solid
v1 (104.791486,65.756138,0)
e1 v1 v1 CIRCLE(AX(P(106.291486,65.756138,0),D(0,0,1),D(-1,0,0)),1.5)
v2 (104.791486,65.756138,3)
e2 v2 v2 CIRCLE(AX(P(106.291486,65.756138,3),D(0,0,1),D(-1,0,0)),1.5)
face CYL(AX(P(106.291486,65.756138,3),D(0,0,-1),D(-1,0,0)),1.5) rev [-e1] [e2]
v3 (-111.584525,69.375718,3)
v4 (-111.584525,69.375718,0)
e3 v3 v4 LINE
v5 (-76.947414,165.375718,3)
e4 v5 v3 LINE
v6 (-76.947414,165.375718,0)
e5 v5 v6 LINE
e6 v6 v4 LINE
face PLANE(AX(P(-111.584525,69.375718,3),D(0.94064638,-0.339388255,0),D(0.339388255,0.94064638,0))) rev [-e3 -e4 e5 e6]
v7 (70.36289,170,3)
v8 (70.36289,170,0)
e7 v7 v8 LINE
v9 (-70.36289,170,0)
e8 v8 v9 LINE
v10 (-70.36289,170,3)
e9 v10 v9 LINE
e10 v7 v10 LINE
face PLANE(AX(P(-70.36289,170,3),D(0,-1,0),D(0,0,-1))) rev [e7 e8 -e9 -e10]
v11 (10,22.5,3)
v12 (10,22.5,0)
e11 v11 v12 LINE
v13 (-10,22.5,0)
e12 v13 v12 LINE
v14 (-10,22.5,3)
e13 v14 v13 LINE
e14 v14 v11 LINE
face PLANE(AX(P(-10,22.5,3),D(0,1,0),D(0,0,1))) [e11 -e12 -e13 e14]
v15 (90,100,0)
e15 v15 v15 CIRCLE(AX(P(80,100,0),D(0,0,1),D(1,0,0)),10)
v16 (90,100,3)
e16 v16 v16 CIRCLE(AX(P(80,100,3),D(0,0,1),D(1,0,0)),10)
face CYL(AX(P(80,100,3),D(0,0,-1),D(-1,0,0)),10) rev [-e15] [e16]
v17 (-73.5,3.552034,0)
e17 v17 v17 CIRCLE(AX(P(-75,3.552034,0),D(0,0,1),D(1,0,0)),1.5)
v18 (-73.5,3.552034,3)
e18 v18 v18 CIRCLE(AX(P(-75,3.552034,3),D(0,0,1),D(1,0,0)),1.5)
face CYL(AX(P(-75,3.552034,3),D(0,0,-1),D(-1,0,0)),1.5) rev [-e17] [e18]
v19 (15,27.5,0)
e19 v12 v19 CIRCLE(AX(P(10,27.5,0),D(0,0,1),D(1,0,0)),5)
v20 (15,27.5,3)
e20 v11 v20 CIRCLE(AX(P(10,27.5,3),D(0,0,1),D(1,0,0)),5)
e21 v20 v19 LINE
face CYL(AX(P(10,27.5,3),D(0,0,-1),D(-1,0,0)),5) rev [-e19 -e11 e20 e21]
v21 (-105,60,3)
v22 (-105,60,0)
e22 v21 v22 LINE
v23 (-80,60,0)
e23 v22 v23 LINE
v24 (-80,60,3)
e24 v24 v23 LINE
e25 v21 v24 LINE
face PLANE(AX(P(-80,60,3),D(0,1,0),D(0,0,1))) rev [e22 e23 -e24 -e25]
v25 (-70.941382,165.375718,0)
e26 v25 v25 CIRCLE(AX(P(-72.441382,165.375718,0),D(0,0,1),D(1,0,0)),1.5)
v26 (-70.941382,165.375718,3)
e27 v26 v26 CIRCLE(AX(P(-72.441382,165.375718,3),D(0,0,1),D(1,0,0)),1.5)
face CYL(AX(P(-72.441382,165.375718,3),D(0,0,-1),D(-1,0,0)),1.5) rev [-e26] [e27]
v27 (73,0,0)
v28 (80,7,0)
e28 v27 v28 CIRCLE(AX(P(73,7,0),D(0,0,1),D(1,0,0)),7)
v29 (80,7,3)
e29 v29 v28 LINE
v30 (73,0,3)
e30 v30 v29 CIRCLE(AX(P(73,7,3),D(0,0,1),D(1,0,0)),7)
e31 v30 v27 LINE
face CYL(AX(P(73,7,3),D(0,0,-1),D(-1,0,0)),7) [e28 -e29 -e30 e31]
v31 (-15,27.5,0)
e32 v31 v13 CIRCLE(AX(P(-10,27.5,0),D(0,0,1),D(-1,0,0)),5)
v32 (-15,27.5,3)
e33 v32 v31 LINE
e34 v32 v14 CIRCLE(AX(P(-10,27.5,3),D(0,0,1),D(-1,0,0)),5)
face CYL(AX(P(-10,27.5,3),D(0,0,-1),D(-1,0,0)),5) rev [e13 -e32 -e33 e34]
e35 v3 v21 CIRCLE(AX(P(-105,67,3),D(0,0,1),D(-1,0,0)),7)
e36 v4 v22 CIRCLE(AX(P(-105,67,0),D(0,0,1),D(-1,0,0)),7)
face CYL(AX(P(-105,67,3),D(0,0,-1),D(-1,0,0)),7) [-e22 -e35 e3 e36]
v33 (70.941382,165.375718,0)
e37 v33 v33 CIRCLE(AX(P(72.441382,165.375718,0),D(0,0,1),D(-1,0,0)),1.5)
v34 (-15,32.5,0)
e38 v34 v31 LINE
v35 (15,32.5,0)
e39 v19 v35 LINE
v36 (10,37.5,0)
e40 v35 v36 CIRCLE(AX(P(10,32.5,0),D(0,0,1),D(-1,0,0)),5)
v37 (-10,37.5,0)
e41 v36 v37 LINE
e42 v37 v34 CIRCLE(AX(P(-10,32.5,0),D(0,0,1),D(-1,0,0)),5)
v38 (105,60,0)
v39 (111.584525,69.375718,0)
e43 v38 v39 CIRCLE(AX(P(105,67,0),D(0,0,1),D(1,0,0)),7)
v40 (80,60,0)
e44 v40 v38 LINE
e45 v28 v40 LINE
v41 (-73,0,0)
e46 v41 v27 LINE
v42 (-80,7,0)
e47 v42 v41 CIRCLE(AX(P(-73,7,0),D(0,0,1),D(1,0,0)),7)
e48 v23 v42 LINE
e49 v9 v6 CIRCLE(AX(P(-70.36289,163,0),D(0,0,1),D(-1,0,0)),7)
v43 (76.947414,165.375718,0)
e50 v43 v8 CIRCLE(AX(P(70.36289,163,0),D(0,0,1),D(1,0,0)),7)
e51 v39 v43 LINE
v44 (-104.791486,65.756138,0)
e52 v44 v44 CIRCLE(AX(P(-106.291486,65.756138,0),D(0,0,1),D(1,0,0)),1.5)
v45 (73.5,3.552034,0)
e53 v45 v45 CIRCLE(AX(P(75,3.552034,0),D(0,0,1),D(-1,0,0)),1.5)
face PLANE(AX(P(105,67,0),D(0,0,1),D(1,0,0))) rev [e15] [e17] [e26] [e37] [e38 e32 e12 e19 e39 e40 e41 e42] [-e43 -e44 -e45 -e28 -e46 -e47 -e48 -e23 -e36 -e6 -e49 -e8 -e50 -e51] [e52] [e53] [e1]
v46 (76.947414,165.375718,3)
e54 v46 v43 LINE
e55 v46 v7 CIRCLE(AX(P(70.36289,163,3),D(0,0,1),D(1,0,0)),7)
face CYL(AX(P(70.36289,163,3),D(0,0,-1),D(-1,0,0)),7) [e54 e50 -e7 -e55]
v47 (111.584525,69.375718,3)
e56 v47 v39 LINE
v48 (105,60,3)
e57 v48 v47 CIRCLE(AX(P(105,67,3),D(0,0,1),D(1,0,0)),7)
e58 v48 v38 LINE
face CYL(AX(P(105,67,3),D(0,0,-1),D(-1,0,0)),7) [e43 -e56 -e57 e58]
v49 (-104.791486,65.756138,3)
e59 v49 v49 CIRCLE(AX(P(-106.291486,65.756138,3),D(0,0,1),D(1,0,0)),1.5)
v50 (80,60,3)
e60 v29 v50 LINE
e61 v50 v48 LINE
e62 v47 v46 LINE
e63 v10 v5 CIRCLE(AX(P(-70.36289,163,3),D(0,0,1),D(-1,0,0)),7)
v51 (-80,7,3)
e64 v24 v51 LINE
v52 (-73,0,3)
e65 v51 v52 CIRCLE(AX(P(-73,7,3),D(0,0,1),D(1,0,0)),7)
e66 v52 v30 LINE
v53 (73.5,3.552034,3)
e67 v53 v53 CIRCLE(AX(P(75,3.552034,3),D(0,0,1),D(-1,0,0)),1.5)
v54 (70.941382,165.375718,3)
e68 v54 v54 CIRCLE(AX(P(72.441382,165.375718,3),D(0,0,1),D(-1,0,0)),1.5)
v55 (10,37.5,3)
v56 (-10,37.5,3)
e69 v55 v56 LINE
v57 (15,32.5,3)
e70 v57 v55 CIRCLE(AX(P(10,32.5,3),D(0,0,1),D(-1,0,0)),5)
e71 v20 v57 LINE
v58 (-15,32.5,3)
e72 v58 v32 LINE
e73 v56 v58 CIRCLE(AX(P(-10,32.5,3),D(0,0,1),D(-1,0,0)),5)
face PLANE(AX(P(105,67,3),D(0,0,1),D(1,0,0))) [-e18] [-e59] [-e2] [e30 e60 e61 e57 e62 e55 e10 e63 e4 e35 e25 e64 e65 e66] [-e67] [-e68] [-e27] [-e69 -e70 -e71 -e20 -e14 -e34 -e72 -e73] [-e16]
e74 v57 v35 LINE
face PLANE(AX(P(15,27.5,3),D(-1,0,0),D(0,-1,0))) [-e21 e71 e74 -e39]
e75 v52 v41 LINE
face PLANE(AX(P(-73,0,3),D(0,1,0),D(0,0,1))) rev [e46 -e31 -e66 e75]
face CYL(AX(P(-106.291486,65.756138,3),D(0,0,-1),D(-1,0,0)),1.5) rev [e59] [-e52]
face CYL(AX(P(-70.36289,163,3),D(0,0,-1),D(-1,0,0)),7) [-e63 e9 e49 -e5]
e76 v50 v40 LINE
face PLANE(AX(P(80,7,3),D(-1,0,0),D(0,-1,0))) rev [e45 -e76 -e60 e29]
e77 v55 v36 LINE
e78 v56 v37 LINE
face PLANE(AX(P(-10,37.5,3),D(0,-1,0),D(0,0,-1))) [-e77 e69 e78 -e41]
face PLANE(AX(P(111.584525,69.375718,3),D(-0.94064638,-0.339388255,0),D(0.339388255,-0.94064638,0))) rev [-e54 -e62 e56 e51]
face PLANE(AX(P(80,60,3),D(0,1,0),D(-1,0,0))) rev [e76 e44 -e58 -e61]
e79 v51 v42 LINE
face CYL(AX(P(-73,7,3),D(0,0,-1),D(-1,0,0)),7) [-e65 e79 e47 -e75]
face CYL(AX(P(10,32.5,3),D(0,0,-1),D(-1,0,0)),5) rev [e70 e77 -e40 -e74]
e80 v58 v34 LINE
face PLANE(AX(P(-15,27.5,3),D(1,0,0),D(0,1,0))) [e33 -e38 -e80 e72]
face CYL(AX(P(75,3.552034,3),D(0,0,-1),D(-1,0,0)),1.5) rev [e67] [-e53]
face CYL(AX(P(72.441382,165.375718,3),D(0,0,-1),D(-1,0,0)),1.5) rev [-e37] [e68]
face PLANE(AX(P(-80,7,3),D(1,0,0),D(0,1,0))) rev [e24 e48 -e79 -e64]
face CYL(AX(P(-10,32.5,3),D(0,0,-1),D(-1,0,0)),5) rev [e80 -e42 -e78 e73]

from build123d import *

# Parameters (mm, degrees)
SKETCH_2_R      = 10
SKETCH_2_R_2    = 1.5
EXTRUDE_2_DEPTH = 3


with BuildPart() as part:
    # 草图2 → 凸台-拉伸2 (new body)
    with BuildSketch(Plane.XY):
        with BuildLine():
            Line((-73, 0), (73, 0))
            ThreePointArc((73, 0), (77.949747468, 2.050252532), (80, 7))
            Line((80, 7), (80, 60))
            Line((80, 60), (105, 60))
            ThreePointArc((105, 60), (110.7284389, 62.976942983), (111.584524662, 69.375717782))
            Line((111.584524662, 69.375717782), (76.947414353, 165.375717782))
            ThreePointArc((76.947414353, 165.375717782), (74.385946708, 168.7284389), (70.362889691, 170))
            Line((70.362889691, 170), (-70.362889691, 170))
            ThreePointArc((-70.362889691, 170), (-74.385946708, 168.7284389), (-76.947414353, 165.375717782))
            Line((-76.947414353, 165.375717782), (-111.584524662, 69.375717782))
            ThreePointArc((-111.584524662, 69.375717782), (-110.7284389, 62.976942983), (-105, 60))
            Line((-105, 60), (-80, 60))
            Line((-80, 60), (-80, 7))
            ThreePointArc((-80, 7), (-77.949747468, 2.050252532), (-73, 0))
        make_face()
        with Locations((80, 100)):
            Circle(SKETCH_2_R, mode=Mode.SUBTRACT)
        with Locations((-72.441382232, 165.375717782)):
            Circle(SKETCH_2_R_2, mode=Mode.SUBTRACT)
        with Locations((-106.29148568, 65.75613767)):
            Circle(SKETCH_2_R_2, mode=Mode.SUBTRACT)
        with Locations(Location((106.29148568, 65.75613767, 0), (0, 0, 180))):
            Circle(SKETCH_2_R_2, mode=Mode.SUBTRACT)
        with Locations(Location((72.441382232, 165.375717782, 0), (0, 0, 180))):
            Circle(SKETCH_2_R_2, mode=Mode.SUBTRACT)
        with Locations((-75, 3.552033702)):
            Circle(SKETCH_2_R_2, mode=Mode.SUBTRACT)
        with Locations(Location((75, 3.552033702, 0), (0, 0, 180))):
            Circle(SKETCH_2_R_2, mode=Mode.SUBTRACT)
        with BuildLine():
            Line((-10, 22.5), (10, 22.5))
            ThreePointArc((10, 22.5), (13.535533906, 23.964466094), (15, 27.5))
            Line((15, 27.5), (15, 32.5))
            ThreePointArc((15, 32.5), (13.535533906, 36.035533906), (10, 37.5))
            Line((10, 37.5), (-10, 37.5))
            ThreePointArc((-10, 37.5), (-13.535533906, 36.035533906), (-15, 32.5))
            Line((-15, 32.5), (-15, 27.5))
            ThreePointArc((-15, 27.5), (-13.535533906, 23.964466094), (-10, 22.5))
        make_face(mode=Mode.SUBTRACT)
    extrude(amount=EXTRUDE_2_DEPTH)


solid = part.part
